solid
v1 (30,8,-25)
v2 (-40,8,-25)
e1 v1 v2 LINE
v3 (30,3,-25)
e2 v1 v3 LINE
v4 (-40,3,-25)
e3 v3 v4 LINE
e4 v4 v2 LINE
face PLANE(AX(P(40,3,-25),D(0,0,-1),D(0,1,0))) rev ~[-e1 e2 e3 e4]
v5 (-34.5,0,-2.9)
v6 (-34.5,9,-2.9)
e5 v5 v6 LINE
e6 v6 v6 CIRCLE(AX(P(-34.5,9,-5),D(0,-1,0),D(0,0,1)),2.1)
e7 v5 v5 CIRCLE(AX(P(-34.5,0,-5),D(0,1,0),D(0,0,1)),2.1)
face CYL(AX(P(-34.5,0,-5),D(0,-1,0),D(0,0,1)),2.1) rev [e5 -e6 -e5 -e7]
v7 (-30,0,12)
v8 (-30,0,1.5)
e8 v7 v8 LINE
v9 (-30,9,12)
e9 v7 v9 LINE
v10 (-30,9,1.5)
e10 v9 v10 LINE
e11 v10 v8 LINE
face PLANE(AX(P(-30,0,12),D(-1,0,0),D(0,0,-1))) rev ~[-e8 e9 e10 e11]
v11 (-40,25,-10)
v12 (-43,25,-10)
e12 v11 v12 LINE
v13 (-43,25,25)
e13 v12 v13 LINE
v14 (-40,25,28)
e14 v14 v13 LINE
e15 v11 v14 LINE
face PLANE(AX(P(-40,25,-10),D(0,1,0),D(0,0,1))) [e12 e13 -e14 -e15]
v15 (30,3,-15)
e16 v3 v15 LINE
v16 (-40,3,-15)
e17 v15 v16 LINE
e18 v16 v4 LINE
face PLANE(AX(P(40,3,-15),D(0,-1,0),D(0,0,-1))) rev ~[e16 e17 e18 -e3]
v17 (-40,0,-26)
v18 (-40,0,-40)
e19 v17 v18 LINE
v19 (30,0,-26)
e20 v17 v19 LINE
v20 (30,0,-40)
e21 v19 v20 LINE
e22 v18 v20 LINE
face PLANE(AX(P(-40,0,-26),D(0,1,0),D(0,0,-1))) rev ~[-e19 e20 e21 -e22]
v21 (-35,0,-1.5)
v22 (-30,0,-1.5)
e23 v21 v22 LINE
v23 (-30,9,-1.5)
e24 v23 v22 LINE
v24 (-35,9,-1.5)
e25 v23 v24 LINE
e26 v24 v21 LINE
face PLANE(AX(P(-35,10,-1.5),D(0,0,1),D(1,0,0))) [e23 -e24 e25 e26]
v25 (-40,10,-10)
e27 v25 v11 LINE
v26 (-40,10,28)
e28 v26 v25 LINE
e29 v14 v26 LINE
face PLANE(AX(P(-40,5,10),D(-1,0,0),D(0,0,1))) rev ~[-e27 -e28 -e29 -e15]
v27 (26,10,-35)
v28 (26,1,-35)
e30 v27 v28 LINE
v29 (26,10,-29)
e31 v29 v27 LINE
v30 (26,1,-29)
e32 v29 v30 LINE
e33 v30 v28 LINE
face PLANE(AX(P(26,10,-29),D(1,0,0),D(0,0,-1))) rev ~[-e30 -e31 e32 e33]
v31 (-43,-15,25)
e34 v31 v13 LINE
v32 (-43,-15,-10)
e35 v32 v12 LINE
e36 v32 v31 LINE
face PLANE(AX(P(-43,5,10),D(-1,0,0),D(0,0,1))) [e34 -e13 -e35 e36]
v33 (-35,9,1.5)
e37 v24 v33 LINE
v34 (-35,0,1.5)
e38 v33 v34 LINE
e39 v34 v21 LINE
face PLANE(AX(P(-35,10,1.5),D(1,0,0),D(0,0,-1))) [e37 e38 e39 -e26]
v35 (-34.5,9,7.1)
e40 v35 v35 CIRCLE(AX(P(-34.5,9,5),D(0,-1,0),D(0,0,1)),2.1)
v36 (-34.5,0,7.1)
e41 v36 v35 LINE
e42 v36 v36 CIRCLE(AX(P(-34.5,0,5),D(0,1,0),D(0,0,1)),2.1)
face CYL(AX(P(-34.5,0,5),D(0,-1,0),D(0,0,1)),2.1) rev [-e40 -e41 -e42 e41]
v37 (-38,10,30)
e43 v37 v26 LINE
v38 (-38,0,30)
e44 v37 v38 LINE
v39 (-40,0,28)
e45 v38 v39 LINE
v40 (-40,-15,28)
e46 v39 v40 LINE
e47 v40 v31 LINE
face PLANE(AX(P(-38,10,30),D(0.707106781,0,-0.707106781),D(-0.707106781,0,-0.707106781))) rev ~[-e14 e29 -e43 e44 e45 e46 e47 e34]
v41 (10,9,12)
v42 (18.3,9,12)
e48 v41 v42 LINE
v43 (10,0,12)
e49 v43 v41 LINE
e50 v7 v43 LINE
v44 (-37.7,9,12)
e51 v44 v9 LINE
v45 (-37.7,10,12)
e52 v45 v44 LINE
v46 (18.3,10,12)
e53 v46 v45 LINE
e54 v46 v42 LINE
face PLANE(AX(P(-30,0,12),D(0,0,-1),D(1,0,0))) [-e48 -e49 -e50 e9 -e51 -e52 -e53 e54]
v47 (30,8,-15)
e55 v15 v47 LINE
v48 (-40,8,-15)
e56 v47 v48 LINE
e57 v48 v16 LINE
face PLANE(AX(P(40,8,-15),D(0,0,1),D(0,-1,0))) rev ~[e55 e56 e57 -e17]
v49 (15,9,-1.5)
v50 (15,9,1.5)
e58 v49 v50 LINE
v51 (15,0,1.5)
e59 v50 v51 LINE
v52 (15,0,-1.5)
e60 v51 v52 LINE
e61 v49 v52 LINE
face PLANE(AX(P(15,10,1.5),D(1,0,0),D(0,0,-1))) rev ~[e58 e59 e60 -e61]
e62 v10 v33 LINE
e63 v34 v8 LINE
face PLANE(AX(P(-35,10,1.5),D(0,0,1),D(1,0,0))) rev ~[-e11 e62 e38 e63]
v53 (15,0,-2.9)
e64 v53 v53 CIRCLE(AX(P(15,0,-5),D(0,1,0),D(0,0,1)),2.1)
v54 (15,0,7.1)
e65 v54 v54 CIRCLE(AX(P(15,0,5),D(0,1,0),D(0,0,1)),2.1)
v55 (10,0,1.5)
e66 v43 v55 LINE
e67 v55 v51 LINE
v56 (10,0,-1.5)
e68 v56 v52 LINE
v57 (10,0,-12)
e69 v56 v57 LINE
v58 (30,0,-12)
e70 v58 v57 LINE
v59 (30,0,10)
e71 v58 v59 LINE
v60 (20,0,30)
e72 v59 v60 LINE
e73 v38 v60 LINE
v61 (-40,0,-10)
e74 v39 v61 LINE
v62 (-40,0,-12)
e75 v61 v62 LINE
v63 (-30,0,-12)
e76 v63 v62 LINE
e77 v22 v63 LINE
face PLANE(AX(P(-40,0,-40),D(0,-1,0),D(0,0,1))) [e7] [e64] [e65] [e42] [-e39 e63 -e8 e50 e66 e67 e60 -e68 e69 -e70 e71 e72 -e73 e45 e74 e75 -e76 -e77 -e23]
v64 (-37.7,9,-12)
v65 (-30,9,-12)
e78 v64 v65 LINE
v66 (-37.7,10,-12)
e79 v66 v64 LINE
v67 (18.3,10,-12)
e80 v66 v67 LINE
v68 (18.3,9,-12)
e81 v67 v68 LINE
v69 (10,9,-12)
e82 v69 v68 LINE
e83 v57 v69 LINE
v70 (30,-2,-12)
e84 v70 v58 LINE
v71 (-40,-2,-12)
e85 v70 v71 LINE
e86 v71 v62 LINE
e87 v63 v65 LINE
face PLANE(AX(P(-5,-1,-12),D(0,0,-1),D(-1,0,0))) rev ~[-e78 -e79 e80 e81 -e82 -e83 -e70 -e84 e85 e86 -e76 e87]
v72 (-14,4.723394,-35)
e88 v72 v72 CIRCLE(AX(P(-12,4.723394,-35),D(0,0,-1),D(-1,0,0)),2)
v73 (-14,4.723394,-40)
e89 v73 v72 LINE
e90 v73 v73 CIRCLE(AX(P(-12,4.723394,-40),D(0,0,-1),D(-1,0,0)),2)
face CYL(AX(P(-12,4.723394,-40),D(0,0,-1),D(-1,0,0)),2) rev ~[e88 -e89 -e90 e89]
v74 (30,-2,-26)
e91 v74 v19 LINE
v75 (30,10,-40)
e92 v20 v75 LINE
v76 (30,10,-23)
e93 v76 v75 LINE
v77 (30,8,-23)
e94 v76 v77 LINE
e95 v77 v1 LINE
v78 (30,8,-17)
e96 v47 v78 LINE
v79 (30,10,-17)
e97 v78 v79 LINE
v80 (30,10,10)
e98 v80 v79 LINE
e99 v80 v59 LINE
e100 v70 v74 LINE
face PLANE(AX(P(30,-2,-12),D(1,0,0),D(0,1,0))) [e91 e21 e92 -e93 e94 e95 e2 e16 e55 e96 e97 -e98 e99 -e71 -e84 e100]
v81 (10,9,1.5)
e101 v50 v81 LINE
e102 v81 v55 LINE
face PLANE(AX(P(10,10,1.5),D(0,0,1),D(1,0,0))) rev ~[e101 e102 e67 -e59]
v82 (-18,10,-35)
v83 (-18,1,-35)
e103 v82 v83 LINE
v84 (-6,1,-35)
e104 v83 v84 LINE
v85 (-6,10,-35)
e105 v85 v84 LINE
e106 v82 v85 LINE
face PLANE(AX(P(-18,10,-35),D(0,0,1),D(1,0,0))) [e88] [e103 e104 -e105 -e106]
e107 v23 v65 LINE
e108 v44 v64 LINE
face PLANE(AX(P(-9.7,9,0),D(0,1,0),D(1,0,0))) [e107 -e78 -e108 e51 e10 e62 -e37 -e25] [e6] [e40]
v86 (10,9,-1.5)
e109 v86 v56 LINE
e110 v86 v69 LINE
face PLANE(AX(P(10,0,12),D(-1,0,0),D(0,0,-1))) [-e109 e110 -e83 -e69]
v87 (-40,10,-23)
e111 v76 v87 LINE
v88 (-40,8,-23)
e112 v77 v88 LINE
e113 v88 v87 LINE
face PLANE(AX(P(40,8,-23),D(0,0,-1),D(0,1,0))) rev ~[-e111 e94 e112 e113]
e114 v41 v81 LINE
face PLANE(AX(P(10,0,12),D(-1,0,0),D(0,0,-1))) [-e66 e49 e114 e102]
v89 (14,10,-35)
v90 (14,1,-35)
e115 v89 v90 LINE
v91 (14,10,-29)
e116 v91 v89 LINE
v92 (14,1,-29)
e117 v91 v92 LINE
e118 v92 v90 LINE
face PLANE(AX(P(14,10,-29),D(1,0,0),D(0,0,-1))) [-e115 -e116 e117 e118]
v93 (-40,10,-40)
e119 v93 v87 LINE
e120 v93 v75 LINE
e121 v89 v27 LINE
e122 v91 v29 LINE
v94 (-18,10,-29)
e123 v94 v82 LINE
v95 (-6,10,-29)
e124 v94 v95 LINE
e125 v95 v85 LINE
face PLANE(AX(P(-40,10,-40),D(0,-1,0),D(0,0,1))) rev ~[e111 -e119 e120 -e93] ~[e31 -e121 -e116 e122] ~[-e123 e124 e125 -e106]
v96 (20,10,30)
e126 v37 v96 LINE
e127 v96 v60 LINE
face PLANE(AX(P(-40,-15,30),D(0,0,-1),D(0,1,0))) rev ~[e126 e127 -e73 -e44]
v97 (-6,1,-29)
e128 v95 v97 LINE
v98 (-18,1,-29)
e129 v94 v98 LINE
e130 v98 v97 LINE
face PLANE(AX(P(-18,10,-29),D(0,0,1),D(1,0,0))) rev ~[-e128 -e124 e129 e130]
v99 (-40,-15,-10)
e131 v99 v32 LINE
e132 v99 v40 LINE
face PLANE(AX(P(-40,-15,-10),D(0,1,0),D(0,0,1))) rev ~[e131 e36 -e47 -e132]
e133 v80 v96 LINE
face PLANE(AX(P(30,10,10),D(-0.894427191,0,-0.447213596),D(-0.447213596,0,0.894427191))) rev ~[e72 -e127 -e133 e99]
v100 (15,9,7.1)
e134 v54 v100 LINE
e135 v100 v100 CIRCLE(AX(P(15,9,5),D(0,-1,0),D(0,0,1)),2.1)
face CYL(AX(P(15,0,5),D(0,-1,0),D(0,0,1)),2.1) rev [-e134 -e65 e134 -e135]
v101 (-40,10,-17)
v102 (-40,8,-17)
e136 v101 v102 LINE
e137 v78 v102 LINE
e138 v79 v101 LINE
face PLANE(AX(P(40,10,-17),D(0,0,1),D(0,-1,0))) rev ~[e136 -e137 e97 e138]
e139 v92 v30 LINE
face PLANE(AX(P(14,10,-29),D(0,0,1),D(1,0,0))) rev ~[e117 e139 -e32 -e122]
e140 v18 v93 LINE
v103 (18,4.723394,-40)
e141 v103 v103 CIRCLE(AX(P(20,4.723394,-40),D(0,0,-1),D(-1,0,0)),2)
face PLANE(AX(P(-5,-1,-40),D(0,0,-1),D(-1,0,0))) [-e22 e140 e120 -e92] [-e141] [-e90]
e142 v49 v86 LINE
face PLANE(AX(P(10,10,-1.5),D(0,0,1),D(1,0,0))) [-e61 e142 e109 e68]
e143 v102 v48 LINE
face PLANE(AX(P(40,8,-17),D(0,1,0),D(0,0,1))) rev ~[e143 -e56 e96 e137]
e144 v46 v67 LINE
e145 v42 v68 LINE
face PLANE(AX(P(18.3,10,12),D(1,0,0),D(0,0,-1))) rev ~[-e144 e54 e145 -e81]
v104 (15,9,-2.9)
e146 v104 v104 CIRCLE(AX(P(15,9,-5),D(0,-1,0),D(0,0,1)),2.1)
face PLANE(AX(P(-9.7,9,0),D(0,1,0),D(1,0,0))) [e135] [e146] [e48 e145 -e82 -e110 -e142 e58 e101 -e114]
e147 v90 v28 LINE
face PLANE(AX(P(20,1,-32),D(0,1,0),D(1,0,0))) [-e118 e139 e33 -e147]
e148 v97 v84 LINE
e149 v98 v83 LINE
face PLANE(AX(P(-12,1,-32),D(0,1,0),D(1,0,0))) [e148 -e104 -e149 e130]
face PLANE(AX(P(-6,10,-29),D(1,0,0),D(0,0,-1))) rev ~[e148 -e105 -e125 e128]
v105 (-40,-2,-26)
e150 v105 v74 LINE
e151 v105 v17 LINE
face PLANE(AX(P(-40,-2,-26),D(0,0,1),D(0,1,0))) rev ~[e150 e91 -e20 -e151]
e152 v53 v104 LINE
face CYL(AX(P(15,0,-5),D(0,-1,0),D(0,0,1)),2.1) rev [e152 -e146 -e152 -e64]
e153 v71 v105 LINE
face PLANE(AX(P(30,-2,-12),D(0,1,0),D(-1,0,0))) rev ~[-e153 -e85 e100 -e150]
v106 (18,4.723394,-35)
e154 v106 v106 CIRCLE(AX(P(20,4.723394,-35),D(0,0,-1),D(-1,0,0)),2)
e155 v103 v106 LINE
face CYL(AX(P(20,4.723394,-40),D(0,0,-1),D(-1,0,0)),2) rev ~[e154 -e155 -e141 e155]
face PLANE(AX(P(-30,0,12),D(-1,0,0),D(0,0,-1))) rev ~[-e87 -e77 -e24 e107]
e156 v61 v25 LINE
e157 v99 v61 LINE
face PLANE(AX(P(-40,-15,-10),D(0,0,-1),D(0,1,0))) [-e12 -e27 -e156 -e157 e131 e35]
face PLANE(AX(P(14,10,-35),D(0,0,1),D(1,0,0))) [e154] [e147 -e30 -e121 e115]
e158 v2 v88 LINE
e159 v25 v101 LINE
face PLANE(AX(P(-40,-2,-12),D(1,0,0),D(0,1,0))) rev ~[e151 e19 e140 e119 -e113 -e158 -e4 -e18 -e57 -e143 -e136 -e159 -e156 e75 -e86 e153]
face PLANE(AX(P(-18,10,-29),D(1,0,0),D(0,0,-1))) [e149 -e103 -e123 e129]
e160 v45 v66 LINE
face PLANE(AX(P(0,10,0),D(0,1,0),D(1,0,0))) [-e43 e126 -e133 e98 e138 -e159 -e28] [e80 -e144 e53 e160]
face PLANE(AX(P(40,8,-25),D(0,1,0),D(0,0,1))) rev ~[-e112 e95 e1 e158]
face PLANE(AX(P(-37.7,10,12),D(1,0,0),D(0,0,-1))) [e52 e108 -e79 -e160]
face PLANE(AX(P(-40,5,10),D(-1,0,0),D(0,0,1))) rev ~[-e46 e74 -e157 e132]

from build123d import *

# Parameters (mm, degrees)
SKETCH_1_W           = 80
SKETCH_1_H           = 60
SKETCH_1_R           = 2.1
SKETCH_1_W_2         = 40
SKETCH_1_H_2         = 24
EXTRUDE_1_DEPTH      = 10
CUT_EXTRUDE_1_DEPTH  = 80
SKETCH_5_W           = 5
SKETCH_5_H           = 3
CUT_EXTRUDE_2_DEPTH  = 80
SKETCH_7_W           = 56
SKETCH_7_H           = 24
CUT_EXTRUDE_3_DEPTH  = 1
SKETCH_8_W           = 40
SKETCH_8_H           = 40
EXTRUDE_2_DEPTH      = 3
SKETCH_9_W           = 10
SKETCH_9_H           = 60
CUT_EXTRUDE_4_DEPTH  = 10
CUT_EXTRUDE_11_DEPTH = 28
CUT_EXTRUDE_12_DEPTH = 41
SKETCH_24_W          = 10
SKETCH_24_H          = 10
EXTRUDE_3_DEPTH      = 70
SKETCH_25_W          = 12
SKETCH_25_H          = 6
CUT_EXTRUDE_13_DEPTH = 9
SKETCH_26_R          = 2
CUT_EXTRUDE_14_DEPTH = 8
CUT_EXTRUDE_15_REACH = 65.828
EXTRUDE_START        = -28
SKETCH_28_W          = 70
SKETCH_28_H          = 2
EXTRUDE_4_DEPTH      = 28
CUT_EXTRUDE_START    = -70
SKETCH_29_W          = 14
SKETCH_29_H          = 2
CUT_EXTRUDE_16_DEPTH = 70


with BuildPart() as part:
    # 草圖1 → 填料-伸長1 (new body)
    with BuildSketch(Plane(origin=(0, 0, 0), x_dir=(1, 0, 0), z_dir=(0, 1, 0))):
        Rectangle(SKETCH_1_W, SKETCH_1_H)
        with Locations(Location((-34.5, -5, 0), (0, 0, 270))):
            Circle(SKETCH_1_R, mode=Mode.SUBTRACT)
        with Locations(Location((-34.5, 5, 0), (0, 0, 270))):
            Circle(SKETCH_1_R, mode=Mode.SUBTRACT)
        with Locations(Location((15, -5, 0), (0, 0, 270))):
            Circle(SKETCH_1_R, mode=Mode.SUBTRACT)
        with Locations(Location((15, 5, 0), (0, 0, 270))):
            Circle(SKETCH_1_R, mode=Mode.SUBTRACT)
        with Locations((-10, 0)):
            Rectangle(SKETCH_1_W_2, SKETCH_1_H_2, mode=Mode.SUBTRACT)
    extrude(amount=EXTRUDE_1_DEPTH)

    # 草圖4 → 除料-伸長1 (cut)
    with BuildSketch(Plane(origin=(40, 0, 0), x_dir=(0, 0, -1), z_dir=(1, 0, 0))):
        Polygon((17, 10), (17, 8), (15, 8), (15, 3), (25, 3), (25, 8), (23, 8), (23, 10), align=None)
    extrude(amount=-CUT_EXTRUDE_1_DEPTH, mode=Mode.SUBTRACT)

    # 草圖5 → 除料-伸長2 (cut)
    with BuildSketch(Plane(origin=(0, 10, 0), x_dir=(1, 0, 0), z_dir=(0, 1, 0))):
        with Locations((12.5, 0)):
            Rectangle(SKETCH_5_W, SKETCH_5_H)
        with Locations((-32.5, 0)):
            Rectangle(SKETCH_5_W, SKETCH_5_H)
    extrude(amount=-CUT_EXTRUDE_2_DEPTH, mode=Mode.SUBTRACT)

    # 草圖7 → 除料-伸長3 (cut)
    with BuildSketch(Plane(origin=(0, 10, 0), x_dir=(1, 0, 0), z_dir=(0, 1, 0))):
        with Locations((-9.7, 0)):
            Rectangle(SKETCH_7_W, SKETCH_7_H)
    extrude(amount=-CUT_EXTRUDE_3_DEPTH, mode=Mode.SUBTRACT)

    # 草圖8 → 填料-伸長2 (add)
    with BuildSketch(Plane.ZY.offset(40)):
        with Locations((10, 5)):
            Rectangle(SKETCH_8_W, SKETCH_8_H)
    extrude(amount=EXTRUDE_2_DEPTH)

    # 草圖9 → 除料-伸長4 (cut)
    with BuildSketch(Plane(origin=(0, 10, 0), x_dir=(1, 0, 0), z_dir=(0, 1, 0))):
        with Locations((35, 0)):
            Rectangle(SKETCH_9_W, SKETCH_9_H)
    extrude(amount=-CUT_EXTRUDE_4_DEPTH, mode=Mode.SUBTRACT)

    # 草圖22 → 除料-伸長11 (cut)
    with BuildSketch(Plane(origin=(0, 10, 0), x_dir=(1, 0, 0), z_dir=(0, 1, 0))):
        Polygon((-43, -25), (-43, -30), (-38, -30), align=None)
    extrude(amount=-CUT_EXTRUDE_11_DEPTH, mode=Mode.SUBTRACT)

    # 草圖23 → 除料-伸長12 (cut)
    with BuildSketch(Plane(origin=(0, 25, 0), x_dir=(1, 0, 0), z_dir=(0, 1, 0))):
        Polygon((-43, -30), (-38, -30), (-43, -25), align=None)
    extrude(amount=-CUT_EXTRUDE_12_DEPTH, mode=Mode.SUBTRACT)

    # 草圖24 → 填料-伸長3 (add)
    with BuildSketch(Plane.ZY.offset(40)):
        with Locations((-35, 5)):
            Rectangle(SKETCH_24_W, SKETCH_24_H)
    extrude(amount=-EXTRUDE_3_DEPTH)

    # 草圖25 → 除料-伸長13 (cut)
    with BuildSketch(Plane(origin=(0, 10, 0), x_dir=(1, 0, 0), z_dir=(0, 1, 0))):
        with Locations((-12, 32)):
            Rectangle(SKETCH_25_W, SKETCH_25_H)
        with Locations((20, 32)):
            Rectangle(SKETCH_25_W, SKETCH_25_H)
    extrude(amount=-CUT_EXTRUDE_13_DEPTH, mode=Mode.SUBTRACT)

    # 草圖26 → 除料-伸長14 (cut)
    with BuildSketch(Plane(origin=(0, 0, -40), x_dir=(-1, 0, 0), z_dir=(0, 0, -1))):
        with Locations((-20, 4.723394197)):
            Circle(SKETCH_26_R)
        with Locations((12, 4.723394197)):
            Circle(SKETCH_26_R)
    extrude(amount=-CUT_EXTRUDE_14_DEPTH, mode=Mode.SUBTRACT)

    # 草圖27 → 除料-伸長15 (cut, up to next)
    with BuildSketch(Plane(origin=(0, 10, 0), x_dir=(1, 0, 0), z_dir=(0, 1, 0)), mode=Mode.PRIVATE) as cut_extrude_15_sk1:
        Polygon((30, -10), (20, -30), (30, -30), align=None)
    cut_extrude_15_tool1 = extrude(cut_extrude_15_sk1.sketch, amount=-CUT_EXTRUDE_15_REACH, mode=Mode.PRIVATE) & part.part
    add(cut_extrude_15_tool1.solids().sort_by_distance((26.666667, 10, 23.333333))[0], mode=Mode.SUBTRACT)

    # 草圖28 → 填料-伸長4 (add)
    with BuildSketch(Plane(origin=(0, 0, -40), x_dir=(-1, 0, 0), z_dir=(0, 0, -1)).offset(EXTRUDE_START)):
        with Locations((5, -1)):
            Rectangle(SKETCH_28_W, SKETCH_28_H)
    extrude(amount=EXTRUDE_4_DEPTH)

    # 草圖29 → 除料-伸長16 (cut)
    with BuildSketch(Plane(origin=(30, 0, 0), x_dir=(0, 0, -1), z_dir=(1, 0, 0)).offset(CUT_EXTRUDE_START)):
        with Locations((33, -1)):
            Rectangle(SKETCH_29_W, SKETCH_29_H)
    extrude(amount=CUT_EXTRUDE_16_DEPTH, mode=Mode.SUBTRACT)


solid = part.part
